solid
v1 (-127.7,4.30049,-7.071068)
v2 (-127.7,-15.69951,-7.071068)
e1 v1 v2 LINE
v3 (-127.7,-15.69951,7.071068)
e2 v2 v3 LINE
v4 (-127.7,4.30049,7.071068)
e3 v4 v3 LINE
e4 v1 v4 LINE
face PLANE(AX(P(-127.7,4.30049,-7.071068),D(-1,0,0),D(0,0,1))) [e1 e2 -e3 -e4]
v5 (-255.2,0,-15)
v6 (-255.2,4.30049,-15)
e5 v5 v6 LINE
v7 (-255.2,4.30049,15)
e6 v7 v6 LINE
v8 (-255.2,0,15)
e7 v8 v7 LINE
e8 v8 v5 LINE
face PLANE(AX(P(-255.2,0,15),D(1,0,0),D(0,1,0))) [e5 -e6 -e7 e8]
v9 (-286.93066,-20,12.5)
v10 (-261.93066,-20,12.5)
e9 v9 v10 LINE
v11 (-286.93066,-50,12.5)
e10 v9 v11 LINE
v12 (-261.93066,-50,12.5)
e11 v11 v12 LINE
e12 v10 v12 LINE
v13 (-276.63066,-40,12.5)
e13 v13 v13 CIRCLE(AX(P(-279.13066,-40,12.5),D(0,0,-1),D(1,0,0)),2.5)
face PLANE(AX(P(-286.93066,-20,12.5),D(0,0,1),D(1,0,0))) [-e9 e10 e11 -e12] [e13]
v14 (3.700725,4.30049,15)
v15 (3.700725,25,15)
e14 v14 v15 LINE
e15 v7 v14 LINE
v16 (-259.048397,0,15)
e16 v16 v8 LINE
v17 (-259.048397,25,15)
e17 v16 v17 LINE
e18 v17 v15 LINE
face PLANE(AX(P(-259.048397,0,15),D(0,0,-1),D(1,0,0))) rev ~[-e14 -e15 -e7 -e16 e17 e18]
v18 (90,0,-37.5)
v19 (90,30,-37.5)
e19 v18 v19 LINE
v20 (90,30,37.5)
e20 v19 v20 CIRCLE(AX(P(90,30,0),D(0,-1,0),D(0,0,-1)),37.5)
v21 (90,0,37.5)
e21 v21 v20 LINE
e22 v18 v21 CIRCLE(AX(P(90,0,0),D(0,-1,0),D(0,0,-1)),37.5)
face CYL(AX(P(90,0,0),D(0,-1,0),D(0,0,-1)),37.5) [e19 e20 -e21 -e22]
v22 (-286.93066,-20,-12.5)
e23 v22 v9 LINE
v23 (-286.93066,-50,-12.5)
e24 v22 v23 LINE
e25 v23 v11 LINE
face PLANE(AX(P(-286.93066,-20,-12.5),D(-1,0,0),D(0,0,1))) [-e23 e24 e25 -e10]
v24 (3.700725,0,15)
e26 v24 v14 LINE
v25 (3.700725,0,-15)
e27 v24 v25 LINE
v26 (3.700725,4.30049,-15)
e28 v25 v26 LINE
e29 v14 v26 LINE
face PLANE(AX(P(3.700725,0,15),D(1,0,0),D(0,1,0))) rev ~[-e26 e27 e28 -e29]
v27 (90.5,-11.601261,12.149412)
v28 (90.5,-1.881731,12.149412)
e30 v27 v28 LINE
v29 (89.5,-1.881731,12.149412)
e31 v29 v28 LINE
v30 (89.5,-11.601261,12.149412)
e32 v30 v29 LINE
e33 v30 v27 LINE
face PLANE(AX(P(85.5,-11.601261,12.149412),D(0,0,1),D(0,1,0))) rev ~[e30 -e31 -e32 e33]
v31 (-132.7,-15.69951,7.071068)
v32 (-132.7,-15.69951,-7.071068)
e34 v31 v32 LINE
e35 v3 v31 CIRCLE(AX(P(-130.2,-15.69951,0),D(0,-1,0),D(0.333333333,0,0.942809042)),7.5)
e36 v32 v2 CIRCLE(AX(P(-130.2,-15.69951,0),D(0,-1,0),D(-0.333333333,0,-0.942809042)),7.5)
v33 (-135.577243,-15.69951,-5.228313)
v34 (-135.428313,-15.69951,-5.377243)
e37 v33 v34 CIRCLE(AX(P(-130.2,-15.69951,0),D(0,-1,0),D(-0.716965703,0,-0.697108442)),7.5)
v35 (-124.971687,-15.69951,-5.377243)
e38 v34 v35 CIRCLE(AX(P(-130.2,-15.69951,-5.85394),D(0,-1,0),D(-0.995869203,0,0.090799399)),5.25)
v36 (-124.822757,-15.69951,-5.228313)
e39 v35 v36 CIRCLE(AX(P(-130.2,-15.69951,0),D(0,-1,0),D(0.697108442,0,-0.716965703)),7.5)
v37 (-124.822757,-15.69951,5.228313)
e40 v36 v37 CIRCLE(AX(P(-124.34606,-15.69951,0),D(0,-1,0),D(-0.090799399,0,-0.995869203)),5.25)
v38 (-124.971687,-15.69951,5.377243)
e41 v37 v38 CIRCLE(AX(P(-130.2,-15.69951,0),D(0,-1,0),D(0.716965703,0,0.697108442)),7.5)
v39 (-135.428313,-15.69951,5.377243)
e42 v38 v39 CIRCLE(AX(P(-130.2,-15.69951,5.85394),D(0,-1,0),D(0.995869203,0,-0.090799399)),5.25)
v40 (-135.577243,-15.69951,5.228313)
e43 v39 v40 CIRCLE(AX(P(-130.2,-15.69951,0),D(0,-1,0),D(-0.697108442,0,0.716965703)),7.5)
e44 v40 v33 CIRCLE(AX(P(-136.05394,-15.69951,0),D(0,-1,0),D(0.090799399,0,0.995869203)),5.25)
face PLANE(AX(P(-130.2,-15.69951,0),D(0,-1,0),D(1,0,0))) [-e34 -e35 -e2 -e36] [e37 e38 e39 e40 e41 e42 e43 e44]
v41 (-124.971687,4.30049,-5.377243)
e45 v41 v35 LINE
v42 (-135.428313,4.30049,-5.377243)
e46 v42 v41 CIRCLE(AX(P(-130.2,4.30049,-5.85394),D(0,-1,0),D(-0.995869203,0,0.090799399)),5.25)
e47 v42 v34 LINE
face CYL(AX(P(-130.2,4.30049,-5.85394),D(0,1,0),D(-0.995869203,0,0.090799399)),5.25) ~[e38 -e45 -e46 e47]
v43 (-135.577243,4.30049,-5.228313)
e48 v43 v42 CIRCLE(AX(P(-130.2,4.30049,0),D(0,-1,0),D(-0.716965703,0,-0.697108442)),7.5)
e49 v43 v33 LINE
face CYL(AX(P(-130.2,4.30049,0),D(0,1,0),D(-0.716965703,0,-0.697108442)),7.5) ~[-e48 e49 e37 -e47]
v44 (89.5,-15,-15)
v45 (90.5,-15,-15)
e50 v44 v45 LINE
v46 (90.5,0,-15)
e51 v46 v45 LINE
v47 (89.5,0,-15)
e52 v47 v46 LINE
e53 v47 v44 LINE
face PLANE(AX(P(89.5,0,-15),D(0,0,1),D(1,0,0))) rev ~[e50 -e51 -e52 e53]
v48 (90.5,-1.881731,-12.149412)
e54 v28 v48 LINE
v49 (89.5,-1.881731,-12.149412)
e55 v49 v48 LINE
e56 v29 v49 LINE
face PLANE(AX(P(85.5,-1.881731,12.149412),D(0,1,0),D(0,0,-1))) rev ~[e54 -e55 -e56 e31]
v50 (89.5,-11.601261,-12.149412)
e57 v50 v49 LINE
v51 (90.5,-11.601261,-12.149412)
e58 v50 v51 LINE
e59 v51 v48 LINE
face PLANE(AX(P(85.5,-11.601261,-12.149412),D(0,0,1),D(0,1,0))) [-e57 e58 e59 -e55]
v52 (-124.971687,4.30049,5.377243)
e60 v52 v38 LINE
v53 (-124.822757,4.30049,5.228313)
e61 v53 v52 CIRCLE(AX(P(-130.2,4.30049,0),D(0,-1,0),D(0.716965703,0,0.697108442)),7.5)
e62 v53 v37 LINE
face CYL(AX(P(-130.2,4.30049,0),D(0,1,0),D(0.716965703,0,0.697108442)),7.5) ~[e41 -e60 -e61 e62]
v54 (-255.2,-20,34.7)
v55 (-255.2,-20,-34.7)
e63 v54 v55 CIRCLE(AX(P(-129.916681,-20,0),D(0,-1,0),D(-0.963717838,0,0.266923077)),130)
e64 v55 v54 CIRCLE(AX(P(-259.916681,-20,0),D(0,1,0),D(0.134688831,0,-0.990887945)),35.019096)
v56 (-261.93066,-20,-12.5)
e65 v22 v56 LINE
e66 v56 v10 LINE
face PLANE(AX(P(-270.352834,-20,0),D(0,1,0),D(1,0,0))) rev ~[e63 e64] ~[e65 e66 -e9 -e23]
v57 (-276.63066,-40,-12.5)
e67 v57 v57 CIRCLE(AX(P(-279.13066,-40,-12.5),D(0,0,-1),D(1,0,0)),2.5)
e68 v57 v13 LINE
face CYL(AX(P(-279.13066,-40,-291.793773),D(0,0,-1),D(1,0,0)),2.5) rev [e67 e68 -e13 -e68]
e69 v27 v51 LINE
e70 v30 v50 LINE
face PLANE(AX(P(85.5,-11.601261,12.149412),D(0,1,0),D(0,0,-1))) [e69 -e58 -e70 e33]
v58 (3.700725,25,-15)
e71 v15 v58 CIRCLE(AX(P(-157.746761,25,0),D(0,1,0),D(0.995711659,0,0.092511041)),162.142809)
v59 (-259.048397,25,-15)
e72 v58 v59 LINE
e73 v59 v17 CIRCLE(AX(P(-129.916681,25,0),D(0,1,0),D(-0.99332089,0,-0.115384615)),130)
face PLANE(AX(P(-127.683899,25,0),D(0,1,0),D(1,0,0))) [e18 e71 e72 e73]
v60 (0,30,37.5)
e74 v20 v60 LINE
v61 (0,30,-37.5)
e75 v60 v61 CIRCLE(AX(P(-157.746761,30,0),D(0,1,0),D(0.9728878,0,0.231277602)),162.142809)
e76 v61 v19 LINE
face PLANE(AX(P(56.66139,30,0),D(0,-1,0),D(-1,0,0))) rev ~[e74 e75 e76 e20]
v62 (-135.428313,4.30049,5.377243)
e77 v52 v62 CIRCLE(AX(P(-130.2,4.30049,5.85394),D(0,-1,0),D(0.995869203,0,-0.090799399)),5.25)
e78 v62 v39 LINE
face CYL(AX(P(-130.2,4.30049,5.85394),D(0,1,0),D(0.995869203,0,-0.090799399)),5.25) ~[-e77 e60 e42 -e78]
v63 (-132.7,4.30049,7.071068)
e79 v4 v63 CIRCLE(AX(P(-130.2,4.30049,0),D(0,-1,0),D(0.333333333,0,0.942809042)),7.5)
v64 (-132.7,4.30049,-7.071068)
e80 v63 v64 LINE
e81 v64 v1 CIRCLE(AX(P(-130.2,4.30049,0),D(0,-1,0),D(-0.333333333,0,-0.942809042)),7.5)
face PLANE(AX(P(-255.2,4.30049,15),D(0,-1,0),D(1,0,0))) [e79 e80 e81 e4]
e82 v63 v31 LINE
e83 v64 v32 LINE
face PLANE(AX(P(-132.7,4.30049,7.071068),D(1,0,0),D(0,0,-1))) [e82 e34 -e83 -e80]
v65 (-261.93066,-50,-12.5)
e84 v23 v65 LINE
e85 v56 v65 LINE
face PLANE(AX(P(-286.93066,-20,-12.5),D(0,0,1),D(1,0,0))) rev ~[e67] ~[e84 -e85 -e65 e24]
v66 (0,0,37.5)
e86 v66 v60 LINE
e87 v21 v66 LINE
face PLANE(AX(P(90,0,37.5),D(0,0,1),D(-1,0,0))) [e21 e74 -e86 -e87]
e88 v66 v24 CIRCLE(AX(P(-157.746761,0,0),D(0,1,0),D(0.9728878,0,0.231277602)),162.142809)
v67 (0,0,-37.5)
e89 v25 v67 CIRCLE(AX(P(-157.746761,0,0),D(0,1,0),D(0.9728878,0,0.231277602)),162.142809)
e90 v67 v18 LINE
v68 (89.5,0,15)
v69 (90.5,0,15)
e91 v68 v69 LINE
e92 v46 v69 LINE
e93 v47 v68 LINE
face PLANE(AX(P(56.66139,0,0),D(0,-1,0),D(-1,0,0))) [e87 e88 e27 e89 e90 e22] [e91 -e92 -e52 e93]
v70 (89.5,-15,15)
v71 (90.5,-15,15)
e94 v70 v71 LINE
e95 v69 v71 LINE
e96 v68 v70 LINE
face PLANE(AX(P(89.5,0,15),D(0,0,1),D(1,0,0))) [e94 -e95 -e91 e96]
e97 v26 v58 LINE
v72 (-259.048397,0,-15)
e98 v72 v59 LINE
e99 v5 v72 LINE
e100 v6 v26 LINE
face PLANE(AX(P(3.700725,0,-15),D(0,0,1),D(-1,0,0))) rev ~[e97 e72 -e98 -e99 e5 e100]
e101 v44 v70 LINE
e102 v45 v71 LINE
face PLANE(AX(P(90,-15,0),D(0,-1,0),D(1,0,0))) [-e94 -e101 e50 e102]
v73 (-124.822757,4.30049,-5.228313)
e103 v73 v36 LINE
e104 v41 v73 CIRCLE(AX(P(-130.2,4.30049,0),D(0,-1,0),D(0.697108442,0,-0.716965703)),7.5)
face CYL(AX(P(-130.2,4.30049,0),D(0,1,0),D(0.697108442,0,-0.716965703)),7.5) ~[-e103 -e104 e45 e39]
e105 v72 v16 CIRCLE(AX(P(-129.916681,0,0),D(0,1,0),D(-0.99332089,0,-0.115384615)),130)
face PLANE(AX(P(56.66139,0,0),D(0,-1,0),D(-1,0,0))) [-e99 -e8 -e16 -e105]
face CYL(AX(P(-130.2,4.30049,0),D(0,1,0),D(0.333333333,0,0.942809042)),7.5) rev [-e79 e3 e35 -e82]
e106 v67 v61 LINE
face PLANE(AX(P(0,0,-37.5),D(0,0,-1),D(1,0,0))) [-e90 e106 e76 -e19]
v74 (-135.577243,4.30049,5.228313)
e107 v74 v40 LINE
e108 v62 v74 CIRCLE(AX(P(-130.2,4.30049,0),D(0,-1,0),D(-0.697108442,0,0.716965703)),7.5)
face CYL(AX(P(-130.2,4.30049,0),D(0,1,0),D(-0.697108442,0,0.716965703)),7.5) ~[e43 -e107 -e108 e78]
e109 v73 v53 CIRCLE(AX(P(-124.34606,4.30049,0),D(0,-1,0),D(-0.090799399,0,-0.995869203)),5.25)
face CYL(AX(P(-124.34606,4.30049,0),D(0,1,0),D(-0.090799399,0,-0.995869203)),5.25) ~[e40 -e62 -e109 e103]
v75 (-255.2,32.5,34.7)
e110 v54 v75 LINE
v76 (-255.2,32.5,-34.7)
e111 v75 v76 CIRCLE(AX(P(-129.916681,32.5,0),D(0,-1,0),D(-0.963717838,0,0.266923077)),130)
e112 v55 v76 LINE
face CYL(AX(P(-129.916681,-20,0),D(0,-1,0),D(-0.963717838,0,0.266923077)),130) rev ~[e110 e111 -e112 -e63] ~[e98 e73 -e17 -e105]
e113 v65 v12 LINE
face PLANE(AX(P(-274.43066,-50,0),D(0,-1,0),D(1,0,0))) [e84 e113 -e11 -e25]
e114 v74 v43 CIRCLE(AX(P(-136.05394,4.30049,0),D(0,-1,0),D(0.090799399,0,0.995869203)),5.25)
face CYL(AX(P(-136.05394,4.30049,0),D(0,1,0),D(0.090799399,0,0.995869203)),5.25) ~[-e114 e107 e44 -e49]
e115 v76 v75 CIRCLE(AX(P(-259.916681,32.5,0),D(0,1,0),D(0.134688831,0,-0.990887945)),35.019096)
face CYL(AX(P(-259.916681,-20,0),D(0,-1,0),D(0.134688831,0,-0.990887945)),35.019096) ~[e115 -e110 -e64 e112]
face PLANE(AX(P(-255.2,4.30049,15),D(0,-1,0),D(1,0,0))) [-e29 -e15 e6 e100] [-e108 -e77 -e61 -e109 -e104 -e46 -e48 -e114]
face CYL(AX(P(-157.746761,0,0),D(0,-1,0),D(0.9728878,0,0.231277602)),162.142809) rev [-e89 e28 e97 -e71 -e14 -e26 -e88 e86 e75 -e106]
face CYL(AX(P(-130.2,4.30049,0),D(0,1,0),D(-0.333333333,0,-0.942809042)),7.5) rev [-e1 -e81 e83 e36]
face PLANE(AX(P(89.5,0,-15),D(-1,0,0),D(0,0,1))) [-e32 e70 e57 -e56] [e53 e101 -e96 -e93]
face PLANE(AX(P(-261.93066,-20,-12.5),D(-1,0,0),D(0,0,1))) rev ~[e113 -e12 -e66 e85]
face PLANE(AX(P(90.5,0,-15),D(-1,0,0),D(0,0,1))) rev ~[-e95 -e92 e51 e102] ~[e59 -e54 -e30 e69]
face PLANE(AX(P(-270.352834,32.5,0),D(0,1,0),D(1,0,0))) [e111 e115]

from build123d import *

# Parameters (mm, degrees)
BOSS_EXTRUDE1_DEPTH      = 32.5
BOSS_EXTRUDE1_DEPTH_BACK = 20
BOSS_EXTRUDE2_DEPTH      = 30
BOSS_EXTRUDE4_DEPTH      = 25
SKETCH2_W                = 25
SKETCH2_H                = 25
BOSS_EXTRUDE5_DEPTH      = 30
CUT_EXTRUDE1_DEPTH       = 304.293772711
CUT_EXTRUDE1_DEPTH_BACK  = 304.293772711
SKETCH3_R                = 2.5
SKETCH4_W                = 1
SKETCH4_H                = 30
BOSS_EXTRUDE6_DEPTH      = 15
CUT_EXTRUDE2_DEPTH       = 2
CUT_EXTRUDE2_DEPTH_BACK  = 5
SKETCH5_W                = 24.298824304
SKETCH5_H                = 9.719529722
CUT_EXTRUDE3_REACH       = 305.716
SKETCH6_W                = 258.900724606
SKETCH6_H                = 4.300489871
BOSS_EXTRUDE7_DEPTH      = 20


with BuildPart() as part:
    # Sketch1 → Boss-Extrude1 (new, two sides: drawn at the far end of the back side and taken through both)
    with BuildSketch(Plane(origin=(0, 0, 0), x_dir=(1, 0, 0), z_dir=(0, 1, 0)).offset(-BOSS_EXTRUDE1_DEPTH_BACK)):
        with BuildLine():
            ThreePointArc((-255.2, -34.7), (-259.916681078, 0), (-255.2, 34.7))
            ThreePointArc((-255.2, 34.7), (-294.935777018, 0), (-255.2, -34.7))
        make_face()
    extrude(amount=BOSS_EXTRUDE1_DEPTH + BOSS_EXTRUDE1_DEPTH_BACK)



with BuildPart() as body_2:
    # Sketch1<3> → Boss-Extrude2 (new body)
    with BuildSketch(Plane(origin=(0, 0, 0), x_dir=(1, 0, 0), z_dir=(0, 1, 0))):
        with BuildLine():
            ThreePointArc((0, -37.5), (4.396048304, 0), (0, 37.5))
            Line((0, 37.5), (90, 37.5))
            ThreePointArc((90, 37.5), (127.5, 0), (90, -37.5))
            Line((90, -37.5), (0, -37.5))
        make_face()
    extrude(amount=BOSS_EXTRUDE2_DEPTH)


with BuildPart() as part_1:
    add(part.part)

    add(body_2.part)  # Boss-Extrude4 merges body 2
    # Sketch1<5> → Boss-Extrude4 (add)
    with BuildSketch(Plane(origin=(0, 0, 0), x_dir=(1, 0, 0), z_dir=(0, 1, 0))):
        with BuildLine():
            ThreePointArc((3.700724606, -15), (4.396048304, 0), (3.700724606, 15))
            Line((3.700724606, 15), (-259.04839678, 15))
            ThreePointArc((-259.04839678, 15), (-259.916681078, 0), (-259.04839678, -15))
            Line((-259.04839678, -15), (3.700724606, -15))
        make_face()
    extrude(amount=BOSS_EXTRUDE4_DEPTH)

    # Sketch2 → Boss-Extrude5 (add)
    with BuildSketch(Plane.XZ.offset(20)):
        with Locations((-274.43065957, 0)):
            Rectangle(SKETCH2_W, SKETCH2_H)
    extrude(amount=BOSS_EXTRUDE5_DEPTH)

    # Sketch3 → Cut-Extrude1 (cut, two sides: drawn at the far end of the back side and taken through both)
    with BuildSketch(Plane.XY.offset(12.5).offset(-CUT_EXTRUDE1_DEPTH_BACK)):
        with Locations((-279.13065957, -40)):
            Circle(SKETCH3_R)
    extrude(amount=CUT_EXTRUDE1_DEPTH + CUT_EXTRUDE1_DEPTH_BACK, mode=Mode.SUBTRACT)

    # Sketch4 → Boss-Extrude6 (add)
    with BuildSketch(Plane.XZ):
        with Locations((90, 0)):
            Rectangle(SKETCH4_W, SKETCH4_H)
    extrude(amount=BOSS_EXTRUDE6_DEPTH)

    # Sketch5 → Cut-Extrude2 (cut, two sides: drawn at the far end of the back side and taken through both)
    with BuildSketch(Plane(origin=(90.5, 0, 0), x_dir=(0, 0, -1), z_dir=(1, 0, 0)).offset(-CUT_EXTRUDE2_DEPTH_BACK)):
        with Locations((0, -6.741495989)):
            Rectangle(SKETCH5_W, SKETCH5_H)
    extrude(amount=CUT_EXTRUDE2_DEPTH + CUT_EXTRUDE2_DEPTH_BACK, mode=Mode.SUBTRACT)

    # Cut-Extrude3: up to this face of the body (flat: up to its plane)
    cut_extrude3_end = Plane(part_1.part.faces().sort_by_distance((-127.673836087, 12.5, -15))[0])
    # Sketch6 → Cut-Extrude3 (cut, up to the picked face)
    with BuildSketch(Plane.XY.offset(15), mode=Mode.PRIVATE) as cut_extrude3_sk1:
        with Locations((-125.749637697, 2.150244935)):
            Rectangle(SKETCH6_W, SKETCH6_H)
    cut_extrude3_tool1 = split(extrude(cut_extrude3_sk1.sketch, amount=-CUT_EXTRUDE3_REACH, mode=Mode.PRIVATE), bisect_by=cut_extrude3_end, keep=Keep.BOTH, mode=Mode.PRIVATE)
    add(cut_extrude3_tool1.solids().sort_by(Axis((-125.749638, 2.150245, 15), (0, 0, -1)))[0], mode=Mode.SUBTRACT)

    # Sketch7 → Boss-Extrude7 (add)
    with BuildSketch(Plane.XZ.offset(-4.300489871)):
        with BuildLine():
            ThreePointArc((-124.971686685, -5.377242777), (-124.896699141, -5.303300859), (-124.822757223, -5.228313315))
            ThreePointArc((-124.822757223, -5.228313315), (-119.096060376, 0), (-124.822757223, 5.228313315))
            ThreePointArc((-124.822757223, 5.228313315), (-124.896699141, 5.303300859), (-124.971686685, 5.377242777))
            ThreePointArc((-124.971686685, 5.377242777), (-130.2, 11.103939624), (-135.428313315, 5.377242777))
            ThreePointArc((-135.428313315, 5.377242777), (-135.503300859, 5.303300859), (-135.577242777, 5.228313315))
            ThreePointArc((-135.577242777, 5.228313315), (-141.303939624, 0), (-135.577242777, -5.228313315))
            ThreePointArc((-135.577242777, -5.228313315), (-135.503300859, -5.303300859), (-135.428313315, -5.377242777))
            ThreePointArc((-135.428313315, -5.377242777), (-130.2, -11.103939624), (-124.971686685, -5.377242777))
        make_face()
        with BuildLine():
            Line((-132.7, 7.071067812), (-132.7, -7.071067812))
            ThreePointArc((-132.7, -7.071067812), (-130.2, -7.5), (-127.7, -7.071067812))
            Line((-127.7, -7.071067812), (-127.7, 7.071067812))
            ThreePointArc((-127.7, 7.071067812), (-130.2, 7.5), (-132.7, 7.071067812))
        make_face(mode=Mode.SUBTRACT)
    extrude(amount=BOSS_EXTRUDE7_DEPTH)


solid = part_1.part
